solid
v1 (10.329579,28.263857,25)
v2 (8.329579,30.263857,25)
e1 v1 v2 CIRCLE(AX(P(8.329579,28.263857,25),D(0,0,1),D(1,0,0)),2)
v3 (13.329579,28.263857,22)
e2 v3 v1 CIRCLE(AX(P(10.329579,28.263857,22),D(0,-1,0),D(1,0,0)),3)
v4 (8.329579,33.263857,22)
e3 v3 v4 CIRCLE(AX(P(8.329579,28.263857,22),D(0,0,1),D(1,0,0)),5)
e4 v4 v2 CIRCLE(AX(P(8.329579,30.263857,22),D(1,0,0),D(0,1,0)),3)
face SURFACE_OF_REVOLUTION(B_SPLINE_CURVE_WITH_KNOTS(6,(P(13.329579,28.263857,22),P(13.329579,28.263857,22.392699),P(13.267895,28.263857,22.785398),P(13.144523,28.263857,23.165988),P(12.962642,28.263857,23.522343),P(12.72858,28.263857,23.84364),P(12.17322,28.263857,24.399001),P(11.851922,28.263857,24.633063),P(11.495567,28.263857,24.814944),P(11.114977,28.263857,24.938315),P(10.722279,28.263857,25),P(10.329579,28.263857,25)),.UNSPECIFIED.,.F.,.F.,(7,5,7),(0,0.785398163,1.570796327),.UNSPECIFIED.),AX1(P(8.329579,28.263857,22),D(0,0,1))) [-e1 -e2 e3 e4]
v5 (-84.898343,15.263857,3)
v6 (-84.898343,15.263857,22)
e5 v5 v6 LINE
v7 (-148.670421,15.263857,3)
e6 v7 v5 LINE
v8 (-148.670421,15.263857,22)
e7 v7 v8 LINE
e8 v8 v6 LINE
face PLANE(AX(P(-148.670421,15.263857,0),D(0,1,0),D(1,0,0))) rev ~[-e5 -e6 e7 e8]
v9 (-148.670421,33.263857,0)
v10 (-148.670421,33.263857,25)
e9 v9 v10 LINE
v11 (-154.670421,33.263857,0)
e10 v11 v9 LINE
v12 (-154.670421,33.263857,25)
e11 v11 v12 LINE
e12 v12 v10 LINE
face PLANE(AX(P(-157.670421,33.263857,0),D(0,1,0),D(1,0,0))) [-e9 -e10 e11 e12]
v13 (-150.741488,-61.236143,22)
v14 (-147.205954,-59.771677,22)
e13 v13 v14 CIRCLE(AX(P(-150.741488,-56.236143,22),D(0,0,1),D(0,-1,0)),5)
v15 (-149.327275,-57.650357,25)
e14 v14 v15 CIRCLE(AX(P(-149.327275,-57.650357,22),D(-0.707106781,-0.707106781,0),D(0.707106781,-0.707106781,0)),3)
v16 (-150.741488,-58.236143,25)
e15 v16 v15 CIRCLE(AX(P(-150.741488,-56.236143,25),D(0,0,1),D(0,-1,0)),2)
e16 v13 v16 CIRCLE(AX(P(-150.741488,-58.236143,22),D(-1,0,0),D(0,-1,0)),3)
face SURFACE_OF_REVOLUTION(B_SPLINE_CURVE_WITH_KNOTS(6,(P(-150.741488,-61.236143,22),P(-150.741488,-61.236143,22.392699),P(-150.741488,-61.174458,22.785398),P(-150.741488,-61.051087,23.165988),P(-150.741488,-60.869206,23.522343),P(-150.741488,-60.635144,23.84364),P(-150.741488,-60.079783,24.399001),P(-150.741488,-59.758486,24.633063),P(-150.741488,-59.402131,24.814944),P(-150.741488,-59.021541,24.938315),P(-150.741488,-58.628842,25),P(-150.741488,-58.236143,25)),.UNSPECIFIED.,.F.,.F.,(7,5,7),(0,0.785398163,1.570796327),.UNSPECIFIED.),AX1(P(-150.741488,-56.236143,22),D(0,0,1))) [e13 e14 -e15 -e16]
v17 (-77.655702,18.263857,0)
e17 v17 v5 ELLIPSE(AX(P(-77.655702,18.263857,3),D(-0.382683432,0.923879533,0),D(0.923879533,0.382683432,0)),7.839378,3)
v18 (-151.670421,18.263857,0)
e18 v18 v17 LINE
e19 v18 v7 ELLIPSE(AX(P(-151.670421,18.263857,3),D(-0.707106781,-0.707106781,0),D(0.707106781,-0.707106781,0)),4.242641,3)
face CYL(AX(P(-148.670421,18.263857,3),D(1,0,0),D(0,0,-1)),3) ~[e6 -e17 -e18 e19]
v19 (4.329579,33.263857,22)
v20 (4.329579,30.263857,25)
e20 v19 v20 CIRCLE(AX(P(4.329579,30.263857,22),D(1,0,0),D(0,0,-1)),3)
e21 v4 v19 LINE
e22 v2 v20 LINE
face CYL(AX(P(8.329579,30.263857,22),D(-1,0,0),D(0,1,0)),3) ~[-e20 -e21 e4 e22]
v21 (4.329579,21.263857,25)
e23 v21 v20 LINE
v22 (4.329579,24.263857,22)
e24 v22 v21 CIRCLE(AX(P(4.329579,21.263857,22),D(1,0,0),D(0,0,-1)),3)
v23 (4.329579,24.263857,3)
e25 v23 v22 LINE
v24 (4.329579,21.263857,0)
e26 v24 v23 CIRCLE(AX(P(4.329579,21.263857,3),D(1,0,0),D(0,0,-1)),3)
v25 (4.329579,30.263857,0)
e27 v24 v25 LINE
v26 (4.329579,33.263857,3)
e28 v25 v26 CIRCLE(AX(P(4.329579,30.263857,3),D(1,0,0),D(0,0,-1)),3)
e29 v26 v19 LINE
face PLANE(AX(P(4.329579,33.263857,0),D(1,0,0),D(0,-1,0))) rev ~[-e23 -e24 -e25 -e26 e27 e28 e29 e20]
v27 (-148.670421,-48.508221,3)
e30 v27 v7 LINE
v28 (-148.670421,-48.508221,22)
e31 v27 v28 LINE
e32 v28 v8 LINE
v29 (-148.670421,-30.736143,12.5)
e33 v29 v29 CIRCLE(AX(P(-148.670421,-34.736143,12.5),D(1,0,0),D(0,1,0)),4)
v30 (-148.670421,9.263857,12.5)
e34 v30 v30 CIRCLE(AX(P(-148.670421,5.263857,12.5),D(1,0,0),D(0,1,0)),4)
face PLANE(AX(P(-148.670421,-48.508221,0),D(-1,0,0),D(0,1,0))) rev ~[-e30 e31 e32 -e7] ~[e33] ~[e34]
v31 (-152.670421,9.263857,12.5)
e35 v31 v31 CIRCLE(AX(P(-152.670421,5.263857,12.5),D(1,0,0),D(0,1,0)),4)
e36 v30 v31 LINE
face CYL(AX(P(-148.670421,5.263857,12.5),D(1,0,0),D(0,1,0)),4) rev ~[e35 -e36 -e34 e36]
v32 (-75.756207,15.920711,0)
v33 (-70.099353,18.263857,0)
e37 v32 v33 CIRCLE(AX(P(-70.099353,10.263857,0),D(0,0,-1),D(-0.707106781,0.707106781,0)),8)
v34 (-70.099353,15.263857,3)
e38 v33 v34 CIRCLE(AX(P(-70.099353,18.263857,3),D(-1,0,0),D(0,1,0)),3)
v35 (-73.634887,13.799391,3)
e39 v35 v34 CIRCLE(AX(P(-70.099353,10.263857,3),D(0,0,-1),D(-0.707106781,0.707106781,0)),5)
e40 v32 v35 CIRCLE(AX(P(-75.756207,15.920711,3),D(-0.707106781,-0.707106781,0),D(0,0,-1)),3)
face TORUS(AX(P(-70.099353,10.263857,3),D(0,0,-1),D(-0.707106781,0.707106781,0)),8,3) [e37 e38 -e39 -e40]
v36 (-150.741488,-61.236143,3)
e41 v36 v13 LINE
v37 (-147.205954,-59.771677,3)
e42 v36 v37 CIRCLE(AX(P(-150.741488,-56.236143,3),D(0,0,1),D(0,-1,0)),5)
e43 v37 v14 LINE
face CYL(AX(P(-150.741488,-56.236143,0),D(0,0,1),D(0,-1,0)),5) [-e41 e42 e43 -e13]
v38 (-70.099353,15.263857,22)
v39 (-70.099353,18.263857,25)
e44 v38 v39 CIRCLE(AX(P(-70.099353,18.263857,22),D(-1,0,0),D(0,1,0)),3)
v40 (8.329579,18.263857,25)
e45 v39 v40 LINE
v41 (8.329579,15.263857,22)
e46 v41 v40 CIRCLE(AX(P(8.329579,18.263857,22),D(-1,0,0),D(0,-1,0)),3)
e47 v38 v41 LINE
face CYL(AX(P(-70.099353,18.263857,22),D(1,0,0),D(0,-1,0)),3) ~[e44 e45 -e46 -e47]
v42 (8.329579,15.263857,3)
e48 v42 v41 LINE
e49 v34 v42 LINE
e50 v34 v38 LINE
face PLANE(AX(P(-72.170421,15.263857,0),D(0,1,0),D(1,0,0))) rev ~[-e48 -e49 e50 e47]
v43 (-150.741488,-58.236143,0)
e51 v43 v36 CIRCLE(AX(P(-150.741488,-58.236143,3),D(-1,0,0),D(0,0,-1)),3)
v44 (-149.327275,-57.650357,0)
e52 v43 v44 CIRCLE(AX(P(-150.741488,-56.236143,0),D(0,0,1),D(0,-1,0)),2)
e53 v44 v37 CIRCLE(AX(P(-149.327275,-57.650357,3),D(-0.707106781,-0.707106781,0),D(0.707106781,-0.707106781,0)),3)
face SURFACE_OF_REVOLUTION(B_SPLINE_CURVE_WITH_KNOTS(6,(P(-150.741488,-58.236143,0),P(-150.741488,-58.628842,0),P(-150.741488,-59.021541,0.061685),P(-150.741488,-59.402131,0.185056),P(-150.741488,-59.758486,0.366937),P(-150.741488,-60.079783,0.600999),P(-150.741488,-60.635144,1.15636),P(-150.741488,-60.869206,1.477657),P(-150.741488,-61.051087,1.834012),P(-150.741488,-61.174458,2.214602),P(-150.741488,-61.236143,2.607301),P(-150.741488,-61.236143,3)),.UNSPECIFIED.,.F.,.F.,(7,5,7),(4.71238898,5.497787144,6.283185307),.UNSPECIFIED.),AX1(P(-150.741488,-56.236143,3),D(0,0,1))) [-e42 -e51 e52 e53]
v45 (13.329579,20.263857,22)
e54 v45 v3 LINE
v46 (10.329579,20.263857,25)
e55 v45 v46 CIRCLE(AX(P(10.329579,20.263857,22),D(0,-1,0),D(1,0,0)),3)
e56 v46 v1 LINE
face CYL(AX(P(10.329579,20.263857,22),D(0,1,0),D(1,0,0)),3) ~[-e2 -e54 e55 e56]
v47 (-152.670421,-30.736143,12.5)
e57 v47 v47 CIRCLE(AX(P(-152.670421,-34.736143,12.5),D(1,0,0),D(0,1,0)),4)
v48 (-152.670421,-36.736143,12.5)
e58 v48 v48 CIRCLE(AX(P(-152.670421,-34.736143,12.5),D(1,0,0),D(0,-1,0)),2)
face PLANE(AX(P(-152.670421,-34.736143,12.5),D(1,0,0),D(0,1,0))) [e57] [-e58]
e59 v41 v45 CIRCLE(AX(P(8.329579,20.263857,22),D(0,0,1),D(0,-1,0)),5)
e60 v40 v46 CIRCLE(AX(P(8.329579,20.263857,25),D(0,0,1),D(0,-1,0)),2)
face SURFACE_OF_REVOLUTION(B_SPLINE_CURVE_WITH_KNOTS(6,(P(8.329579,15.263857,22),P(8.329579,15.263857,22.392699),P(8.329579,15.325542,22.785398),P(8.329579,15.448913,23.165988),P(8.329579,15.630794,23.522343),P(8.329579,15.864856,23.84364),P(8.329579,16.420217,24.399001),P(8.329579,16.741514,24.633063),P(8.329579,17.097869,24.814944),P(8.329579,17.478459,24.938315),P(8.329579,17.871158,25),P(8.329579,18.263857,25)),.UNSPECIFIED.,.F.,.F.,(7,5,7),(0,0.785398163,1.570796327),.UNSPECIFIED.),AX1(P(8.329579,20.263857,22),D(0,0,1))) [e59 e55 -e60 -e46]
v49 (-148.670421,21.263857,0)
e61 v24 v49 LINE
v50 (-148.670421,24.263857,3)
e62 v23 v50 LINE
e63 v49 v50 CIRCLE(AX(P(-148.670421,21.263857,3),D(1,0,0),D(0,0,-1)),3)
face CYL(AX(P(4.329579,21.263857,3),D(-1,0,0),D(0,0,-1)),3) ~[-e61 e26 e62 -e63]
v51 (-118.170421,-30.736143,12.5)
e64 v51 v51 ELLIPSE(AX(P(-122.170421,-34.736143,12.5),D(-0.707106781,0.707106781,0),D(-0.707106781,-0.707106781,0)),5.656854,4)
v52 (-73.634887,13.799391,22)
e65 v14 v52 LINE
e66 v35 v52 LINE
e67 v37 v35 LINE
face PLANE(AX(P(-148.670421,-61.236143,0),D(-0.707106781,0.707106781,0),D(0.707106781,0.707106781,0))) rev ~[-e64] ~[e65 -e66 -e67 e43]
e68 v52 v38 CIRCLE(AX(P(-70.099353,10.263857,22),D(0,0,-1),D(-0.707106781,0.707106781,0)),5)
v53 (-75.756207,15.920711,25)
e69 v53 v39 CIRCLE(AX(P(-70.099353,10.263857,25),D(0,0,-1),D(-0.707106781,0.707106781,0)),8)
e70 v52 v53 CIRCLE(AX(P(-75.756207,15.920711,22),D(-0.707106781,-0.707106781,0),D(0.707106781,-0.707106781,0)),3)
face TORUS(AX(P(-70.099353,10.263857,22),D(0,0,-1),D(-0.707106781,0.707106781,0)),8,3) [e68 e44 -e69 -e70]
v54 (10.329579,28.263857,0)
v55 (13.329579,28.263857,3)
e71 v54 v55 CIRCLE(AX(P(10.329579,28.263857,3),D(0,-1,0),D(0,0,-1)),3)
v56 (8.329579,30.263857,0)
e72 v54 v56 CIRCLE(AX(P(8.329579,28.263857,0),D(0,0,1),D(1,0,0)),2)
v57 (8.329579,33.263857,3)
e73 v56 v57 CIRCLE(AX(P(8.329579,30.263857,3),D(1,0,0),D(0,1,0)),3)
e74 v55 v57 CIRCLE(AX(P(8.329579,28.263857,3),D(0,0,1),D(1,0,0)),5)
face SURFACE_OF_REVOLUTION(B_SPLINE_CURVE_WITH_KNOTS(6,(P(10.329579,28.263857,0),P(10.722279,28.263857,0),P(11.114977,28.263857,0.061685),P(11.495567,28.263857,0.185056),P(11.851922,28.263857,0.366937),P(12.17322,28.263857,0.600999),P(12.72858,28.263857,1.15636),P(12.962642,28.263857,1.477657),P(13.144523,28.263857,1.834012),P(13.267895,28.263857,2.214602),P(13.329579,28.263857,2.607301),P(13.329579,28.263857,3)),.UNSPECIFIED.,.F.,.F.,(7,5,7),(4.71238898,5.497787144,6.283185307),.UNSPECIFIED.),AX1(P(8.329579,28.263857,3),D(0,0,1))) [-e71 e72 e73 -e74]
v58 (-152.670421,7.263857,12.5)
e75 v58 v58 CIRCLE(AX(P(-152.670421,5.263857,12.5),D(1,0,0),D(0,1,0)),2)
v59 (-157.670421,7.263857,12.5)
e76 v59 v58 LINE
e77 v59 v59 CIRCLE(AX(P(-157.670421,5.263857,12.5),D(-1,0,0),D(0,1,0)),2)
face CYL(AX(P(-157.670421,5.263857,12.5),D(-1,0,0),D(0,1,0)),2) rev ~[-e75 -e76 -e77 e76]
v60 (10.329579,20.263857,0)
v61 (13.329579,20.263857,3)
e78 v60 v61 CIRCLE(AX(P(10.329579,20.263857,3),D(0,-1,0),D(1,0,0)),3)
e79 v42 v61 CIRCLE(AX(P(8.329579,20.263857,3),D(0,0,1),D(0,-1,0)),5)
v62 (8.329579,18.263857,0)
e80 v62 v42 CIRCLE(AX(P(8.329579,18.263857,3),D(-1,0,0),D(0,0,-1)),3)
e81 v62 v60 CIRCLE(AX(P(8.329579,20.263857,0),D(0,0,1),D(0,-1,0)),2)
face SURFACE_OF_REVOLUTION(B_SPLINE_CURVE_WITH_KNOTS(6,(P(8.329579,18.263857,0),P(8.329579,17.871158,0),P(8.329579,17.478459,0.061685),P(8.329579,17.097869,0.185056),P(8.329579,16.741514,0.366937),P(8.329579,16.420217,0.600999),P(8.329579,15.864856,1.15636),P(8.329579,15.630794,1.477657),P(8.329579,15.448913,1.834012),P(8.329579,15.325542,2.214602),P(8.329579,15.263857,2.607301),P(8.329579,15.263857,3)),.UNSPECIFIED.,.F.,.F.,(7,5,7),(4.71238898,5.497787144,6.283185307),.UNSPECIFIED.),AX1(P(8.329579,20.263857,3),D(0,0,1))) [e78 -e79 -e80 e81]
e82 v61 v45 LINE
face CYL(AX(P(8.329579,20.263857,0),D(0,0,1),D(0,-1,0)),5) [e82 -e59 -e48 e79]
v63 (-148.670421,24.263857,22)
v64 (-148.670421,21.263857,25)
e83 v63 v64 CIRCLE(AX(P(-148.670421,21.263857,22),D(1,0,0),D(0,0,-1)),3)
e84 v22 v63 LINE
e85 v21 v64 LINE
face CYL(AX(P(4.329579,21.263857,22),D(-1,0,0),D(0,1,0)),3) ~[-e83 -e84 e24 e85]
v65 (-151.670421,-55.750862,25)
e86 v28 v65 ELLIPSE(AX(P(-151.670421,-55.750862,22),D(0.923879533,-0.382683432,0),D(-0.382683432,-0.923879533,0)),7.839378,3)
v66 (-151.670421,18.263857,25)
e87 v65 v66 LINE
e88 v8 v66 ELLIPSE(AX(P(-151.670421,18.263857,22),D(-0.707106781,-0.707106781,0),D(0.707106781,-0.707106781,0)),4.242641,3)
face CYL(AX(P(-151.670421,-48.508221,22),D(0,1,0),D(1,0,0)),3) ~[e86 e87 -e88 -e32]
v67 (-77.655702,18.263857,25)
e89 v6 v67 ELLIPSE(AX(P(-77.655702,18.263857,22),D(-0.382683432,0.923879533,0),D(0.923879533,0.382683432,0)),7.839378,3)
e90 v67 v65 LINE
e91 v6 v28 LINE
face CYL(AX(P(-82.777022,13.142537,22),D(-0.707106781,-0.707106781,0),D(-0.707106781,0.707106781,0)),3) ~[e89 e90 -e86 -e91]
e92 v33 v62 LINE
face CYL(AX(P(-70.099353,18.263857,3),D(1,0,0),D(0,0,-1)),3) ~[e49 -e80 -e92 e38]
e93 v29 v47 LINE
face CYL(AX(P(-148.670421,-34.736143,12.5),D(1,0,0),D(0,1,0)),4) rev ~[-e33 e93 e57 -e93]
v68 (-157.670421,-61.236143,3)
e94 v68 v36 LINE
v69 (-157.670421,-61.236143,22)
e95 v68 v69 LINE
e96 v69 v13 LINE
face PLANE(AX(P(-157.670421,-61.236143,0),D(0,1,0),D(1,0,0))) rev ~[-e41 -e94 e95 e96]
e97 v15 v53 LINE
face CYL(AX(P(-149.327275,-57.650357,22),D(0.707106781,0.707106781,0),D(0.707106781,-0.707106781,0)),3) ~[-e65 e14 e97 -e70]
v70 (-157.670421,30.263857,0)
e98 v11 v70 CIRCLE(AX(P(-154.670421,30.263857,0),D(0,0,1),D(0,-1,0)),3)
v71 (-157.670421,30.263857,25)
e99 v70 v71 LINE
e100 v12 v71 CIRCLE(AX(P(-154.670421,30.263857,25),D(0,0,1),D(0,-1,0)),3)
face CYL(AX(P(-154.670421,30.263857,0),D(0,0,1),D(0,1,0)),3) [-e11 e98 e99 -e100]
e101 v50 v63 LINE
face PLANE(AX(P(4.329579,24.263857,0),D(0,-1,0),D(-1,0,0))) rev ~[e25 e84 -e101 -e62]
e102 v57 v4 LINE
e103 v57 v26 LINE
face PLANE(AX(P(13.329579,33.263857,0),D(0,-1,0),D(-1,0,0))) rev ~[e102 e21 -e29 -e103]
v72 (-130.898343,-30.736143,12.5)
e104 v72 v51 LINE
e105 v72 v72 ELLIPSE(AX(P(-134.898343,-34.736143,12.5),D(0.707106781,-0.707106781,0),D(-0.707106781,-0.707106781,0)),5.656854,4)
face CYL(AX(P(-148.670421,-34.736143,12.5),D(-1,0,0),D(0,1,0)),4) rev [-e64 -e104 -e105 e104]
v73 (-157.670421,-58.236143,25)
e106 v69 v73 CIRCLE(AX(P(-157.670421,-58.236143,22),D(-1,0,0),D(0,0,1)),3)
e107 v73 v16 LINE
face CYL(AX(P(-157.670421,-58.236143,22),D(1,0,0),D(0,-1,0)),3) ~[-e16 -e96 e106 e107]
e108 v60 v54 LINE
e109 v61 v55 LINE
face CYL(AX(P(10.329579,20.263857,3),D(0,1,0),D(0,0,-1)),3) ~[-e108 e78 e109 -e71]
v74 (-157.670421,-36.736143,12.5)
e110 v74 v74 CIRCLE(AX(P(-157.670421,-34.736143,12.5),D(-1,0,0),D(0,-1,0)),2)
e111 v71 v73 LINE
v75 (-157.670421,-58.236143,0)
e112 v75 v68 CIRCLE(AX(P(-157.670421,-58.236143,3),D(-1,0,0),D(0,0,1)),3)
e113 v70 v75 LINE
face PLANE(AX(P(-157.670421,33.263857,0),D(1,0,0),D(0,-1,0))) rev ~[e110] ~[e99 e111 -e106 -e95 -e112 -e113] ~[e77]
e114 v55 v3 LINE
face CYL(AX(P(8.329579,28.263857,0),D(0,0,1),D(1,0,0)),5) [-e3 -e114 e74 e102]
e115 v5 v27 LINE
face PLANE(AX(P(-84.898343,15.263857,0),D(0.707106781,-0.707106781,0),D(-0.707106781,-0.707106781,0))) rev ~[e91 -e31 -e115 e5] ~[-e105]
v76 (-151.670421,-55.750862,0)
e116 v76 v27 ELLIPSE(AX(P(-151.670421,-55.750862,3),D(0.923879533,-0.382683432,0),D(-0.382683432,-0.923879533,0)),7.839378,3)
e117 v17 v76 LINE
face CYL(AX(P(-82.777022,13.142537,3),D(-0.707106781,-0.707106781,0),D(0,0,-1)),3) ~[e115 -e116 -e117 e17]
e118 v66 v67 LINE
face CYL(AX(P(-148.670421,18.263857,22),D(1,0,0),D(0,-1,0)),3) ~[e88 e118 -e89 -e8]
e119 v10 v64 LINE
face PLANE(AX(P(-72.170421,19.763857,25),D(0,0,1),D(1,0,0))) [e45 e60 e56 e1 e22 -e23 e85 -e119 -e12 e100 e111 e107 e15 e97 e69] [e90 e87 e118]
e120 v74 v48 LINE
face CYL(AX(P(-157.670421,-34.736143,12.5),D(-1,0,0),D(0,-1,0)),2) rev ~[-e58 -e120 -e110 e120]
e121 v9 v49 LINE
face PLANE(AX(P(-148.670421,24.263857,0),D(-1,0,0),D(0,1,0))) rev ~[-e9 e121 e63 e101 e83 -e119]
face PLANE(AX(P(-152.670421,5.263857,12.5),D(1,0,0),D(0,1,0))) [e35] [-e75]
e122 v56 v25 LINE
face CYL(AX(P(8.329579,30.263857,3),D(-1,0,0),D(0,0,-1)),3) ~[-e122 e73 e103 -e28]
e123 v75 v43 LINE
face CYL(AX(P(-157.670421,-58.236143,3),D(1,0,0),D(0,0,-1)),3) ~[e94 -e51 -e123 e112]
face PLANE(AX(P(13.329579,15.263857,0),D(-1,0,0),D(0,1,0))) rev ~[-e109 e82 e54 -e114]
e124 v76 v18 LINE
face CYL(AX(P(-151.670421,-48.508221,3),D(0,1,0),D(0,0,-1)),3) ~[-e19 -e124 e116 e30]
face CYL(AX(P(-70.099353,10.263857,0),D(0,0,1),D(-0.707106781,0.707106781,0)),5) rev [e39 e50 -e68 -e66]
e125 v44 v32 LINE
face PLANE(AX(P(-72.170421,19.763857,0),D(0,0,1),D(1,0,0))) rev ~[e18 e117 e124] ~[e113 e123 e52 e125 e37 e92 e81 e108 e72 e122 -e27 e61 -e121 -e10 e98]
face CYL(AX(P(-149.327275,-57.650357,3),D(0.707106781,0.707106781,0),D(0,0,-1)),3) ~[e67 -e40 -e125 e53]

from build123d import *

# Parameters (mm, degrees)
F0_W     = 9
F0_H     = 9
F1_DEPTH = 25
F3_DEPTH = 9
F4_R     = 4
F4_R_2   = 2
F5_DEPTH = 4
F6_DEPTH = 162.001
F7_R     = 5
F8_R     = 5
F9_R     = 5
F10_R    = 5
F11_R    = 3
F12_R    = 3


with BuildPart() as f1:
    # F0 (on Top) → F1 (new body)
    with BuildSketch(Plane.XY):
        Polygon((-148.6704205513, 24.2638568878), (-148.6704205513, 15.2638568878), (-84.8983426127, 15.2638568878), (-72.1704205513, 15.2638568878), (4.3295794487, 15.2638568878), (4.3295794487, 24.2638568878), align=None)
        with Locations((-153.1704205513, 19.7638568878)):
            Rectangle(F0_W, F0_H)
        Polygon((-148.6704205513, -48.5082210508), (-148.6704205513, 15.2638568878), (-157.6704205513, 15.2638568878), (-157.6704205513, -61.2361431122), (-148.6704205513, -61.2361431122), align=None)
        Polygon((-72.1704205513, 15.2638568878), (-84.8983426127, 15.2638568878), (-116.784381582, -16.6221820815), (-110.4204205513, -22.9861431122), align=None)
        with Locations((-153.1704205513, 28.7638568878)):
            Rectangle(F0_W, F0_H)
        Polygon((-116.784381582, -16.6221820815), (-148.6704205513, -48.5082210508), (-148.6704205513, -61.2361431122), (-110.4204205513, -22.9861431122), align=None)
        Polygon((4.3295794487, 33.2638568878), (4.3295794487, 24.2638568878), (4.3295794487, 15.2638568878), (13.3295794487, 15.2638568878), (13.3295794487, 33.2638568878), align=None)
    extrude(amount=F1_DEPTH)

    # F2 (on face) → F3 (cut, through all)
    with BuildSketch(Plane(origin=(-157.6704205513, 0, 0), x_dir=(0, -1, 0), z_dir=(-1, 0, 0))):
        with BuildLine():
            ThreePointArc((-3.2638568878, 12.5), (-5.2638568878, 14.5), (-7.2638568878, 12.5))
            Line((-7.2638568878, 12.5), (-3.2638568878, 12.5))
        make_face()
        with BuildLine():
            Line((-3.2638568878, 12.5), (-7.2638568878, 12.5))
            ThreePointArc((-7.2638568878, 12.5), (-5.2638568878, 10.5), (-3.2638568878, 12.5))
        make_face()
        with BuildLine():
            ThreePointArc((32.7361431122, 12.5), (34.7361431122, 10.5), (36.7361431122, 12.5))
            Line((36.7361431122, 12.5), (32.7361431122, 12.5))
        make_face()
        with BuildLine():
            Line((32.7361431122, 12.5), (36.7361431122, 12.5))
            ThreePointArc((36.7361431122, 12.5), (34.7361431122, 14.5), (32.7361431122, 12.5))
        make_face()
    extrude(amount=-F3_DEPTH, mode=Mode.SUBTRACT)

    # F4 (on face) → F5 (cut)
    with BuildSketch(Plane.YZ.offset(-148.6704205513)):
        with Locations((5.2638568876, 12.5)):
            Circle(F4_R)
        with Locations((5.2638568878, 12.5)):
            Circle(F4_R_2, mode=Mode.SUBTRACT)
        with Locations((-34.7361431124, 12.5)):
            Circle(F4_R)
        with Locations((-34.7361431122, 12.5)):
            Circle(F4_R_2, mode=Mode.SUBTRACT)
    extrude(amount=-F5_DEPTH, mode=Mode.SUBTRACT)

    # F4 (on face) → F6 (cut, through all)
    with BuildSketch(Plane.YZ.offset(-148.6704205513)):
        with Locations((-34.7361431124, 12.5)):
            Circle(F4_R)
        with Locations((-34.7361431122, 12.5)):
            Circle(F4_R_2, mode=Mode.SUBTRACT)
        with Locations((-34.7361431122, 12.5)):
            Circle(F4_R_2)
    extrude(amount=F6_DEPTH, mode=Mode.SUBTRACT)

    # F7
    f7_edges = [f1.edges().sort_by_distance(p)[0] for p in [
        (-148.670421, -61.236143, 12.5),
    ]]
    fillet(f7_edges, radius=F7_R)

    # F8
    f8_edges = [f1.edges().sort_by_distance(p)[0] for p in [
        (-72.170421, 15.263857, 12.5),
    ]]
    fillet(f8_edges, radius=F8_R)

    # F9
    f9_edges = [f1.edges().sort_by_distance(p)[0] for p in [
        (13.329579, 15.263857, 12.5),
    ]]
    fillet(f9_edges, radius=F9_R)

    # F10
    f10_edges = [f1.edges().sort_by_distance(p)[0] for p in [
        (13.329579, 33.263857, 12.5),
    ]]
    fillet(f10_edges, radius=F10_R)

    # F11
    f11_edges = [f1.edges().sort_by_distance(p)[0] for p in [
        (-157.670421, 33.263857, 12.5),
        (-116.784382, 15.263857, 25),
        (-30.884887, 15.263857, 25),
        (-116.784382, -16.622182, 25),
        (-148.670421, -16.622182, 25),
        (-72.170421, 24.263857, 25),
    ]]
    fillet(f11_edges, radius=F11_R)

    # F12
    f12_edges = [f1.edges().sort_by_distance(p)[0] for p in [
        (-116.784382, 15.263857, 0),
        (-30.884887, 15.263857, 0),
        (-110.420421, -22.986143, 0),
        (-116.784382, -16.622182, 0),
        (-148.670421, -16.622182, 0),
        (-72.170421, 24.263857, 0),
    ]]
    fillet(f12_edges, radius=F12_R)


solid = f1.part
